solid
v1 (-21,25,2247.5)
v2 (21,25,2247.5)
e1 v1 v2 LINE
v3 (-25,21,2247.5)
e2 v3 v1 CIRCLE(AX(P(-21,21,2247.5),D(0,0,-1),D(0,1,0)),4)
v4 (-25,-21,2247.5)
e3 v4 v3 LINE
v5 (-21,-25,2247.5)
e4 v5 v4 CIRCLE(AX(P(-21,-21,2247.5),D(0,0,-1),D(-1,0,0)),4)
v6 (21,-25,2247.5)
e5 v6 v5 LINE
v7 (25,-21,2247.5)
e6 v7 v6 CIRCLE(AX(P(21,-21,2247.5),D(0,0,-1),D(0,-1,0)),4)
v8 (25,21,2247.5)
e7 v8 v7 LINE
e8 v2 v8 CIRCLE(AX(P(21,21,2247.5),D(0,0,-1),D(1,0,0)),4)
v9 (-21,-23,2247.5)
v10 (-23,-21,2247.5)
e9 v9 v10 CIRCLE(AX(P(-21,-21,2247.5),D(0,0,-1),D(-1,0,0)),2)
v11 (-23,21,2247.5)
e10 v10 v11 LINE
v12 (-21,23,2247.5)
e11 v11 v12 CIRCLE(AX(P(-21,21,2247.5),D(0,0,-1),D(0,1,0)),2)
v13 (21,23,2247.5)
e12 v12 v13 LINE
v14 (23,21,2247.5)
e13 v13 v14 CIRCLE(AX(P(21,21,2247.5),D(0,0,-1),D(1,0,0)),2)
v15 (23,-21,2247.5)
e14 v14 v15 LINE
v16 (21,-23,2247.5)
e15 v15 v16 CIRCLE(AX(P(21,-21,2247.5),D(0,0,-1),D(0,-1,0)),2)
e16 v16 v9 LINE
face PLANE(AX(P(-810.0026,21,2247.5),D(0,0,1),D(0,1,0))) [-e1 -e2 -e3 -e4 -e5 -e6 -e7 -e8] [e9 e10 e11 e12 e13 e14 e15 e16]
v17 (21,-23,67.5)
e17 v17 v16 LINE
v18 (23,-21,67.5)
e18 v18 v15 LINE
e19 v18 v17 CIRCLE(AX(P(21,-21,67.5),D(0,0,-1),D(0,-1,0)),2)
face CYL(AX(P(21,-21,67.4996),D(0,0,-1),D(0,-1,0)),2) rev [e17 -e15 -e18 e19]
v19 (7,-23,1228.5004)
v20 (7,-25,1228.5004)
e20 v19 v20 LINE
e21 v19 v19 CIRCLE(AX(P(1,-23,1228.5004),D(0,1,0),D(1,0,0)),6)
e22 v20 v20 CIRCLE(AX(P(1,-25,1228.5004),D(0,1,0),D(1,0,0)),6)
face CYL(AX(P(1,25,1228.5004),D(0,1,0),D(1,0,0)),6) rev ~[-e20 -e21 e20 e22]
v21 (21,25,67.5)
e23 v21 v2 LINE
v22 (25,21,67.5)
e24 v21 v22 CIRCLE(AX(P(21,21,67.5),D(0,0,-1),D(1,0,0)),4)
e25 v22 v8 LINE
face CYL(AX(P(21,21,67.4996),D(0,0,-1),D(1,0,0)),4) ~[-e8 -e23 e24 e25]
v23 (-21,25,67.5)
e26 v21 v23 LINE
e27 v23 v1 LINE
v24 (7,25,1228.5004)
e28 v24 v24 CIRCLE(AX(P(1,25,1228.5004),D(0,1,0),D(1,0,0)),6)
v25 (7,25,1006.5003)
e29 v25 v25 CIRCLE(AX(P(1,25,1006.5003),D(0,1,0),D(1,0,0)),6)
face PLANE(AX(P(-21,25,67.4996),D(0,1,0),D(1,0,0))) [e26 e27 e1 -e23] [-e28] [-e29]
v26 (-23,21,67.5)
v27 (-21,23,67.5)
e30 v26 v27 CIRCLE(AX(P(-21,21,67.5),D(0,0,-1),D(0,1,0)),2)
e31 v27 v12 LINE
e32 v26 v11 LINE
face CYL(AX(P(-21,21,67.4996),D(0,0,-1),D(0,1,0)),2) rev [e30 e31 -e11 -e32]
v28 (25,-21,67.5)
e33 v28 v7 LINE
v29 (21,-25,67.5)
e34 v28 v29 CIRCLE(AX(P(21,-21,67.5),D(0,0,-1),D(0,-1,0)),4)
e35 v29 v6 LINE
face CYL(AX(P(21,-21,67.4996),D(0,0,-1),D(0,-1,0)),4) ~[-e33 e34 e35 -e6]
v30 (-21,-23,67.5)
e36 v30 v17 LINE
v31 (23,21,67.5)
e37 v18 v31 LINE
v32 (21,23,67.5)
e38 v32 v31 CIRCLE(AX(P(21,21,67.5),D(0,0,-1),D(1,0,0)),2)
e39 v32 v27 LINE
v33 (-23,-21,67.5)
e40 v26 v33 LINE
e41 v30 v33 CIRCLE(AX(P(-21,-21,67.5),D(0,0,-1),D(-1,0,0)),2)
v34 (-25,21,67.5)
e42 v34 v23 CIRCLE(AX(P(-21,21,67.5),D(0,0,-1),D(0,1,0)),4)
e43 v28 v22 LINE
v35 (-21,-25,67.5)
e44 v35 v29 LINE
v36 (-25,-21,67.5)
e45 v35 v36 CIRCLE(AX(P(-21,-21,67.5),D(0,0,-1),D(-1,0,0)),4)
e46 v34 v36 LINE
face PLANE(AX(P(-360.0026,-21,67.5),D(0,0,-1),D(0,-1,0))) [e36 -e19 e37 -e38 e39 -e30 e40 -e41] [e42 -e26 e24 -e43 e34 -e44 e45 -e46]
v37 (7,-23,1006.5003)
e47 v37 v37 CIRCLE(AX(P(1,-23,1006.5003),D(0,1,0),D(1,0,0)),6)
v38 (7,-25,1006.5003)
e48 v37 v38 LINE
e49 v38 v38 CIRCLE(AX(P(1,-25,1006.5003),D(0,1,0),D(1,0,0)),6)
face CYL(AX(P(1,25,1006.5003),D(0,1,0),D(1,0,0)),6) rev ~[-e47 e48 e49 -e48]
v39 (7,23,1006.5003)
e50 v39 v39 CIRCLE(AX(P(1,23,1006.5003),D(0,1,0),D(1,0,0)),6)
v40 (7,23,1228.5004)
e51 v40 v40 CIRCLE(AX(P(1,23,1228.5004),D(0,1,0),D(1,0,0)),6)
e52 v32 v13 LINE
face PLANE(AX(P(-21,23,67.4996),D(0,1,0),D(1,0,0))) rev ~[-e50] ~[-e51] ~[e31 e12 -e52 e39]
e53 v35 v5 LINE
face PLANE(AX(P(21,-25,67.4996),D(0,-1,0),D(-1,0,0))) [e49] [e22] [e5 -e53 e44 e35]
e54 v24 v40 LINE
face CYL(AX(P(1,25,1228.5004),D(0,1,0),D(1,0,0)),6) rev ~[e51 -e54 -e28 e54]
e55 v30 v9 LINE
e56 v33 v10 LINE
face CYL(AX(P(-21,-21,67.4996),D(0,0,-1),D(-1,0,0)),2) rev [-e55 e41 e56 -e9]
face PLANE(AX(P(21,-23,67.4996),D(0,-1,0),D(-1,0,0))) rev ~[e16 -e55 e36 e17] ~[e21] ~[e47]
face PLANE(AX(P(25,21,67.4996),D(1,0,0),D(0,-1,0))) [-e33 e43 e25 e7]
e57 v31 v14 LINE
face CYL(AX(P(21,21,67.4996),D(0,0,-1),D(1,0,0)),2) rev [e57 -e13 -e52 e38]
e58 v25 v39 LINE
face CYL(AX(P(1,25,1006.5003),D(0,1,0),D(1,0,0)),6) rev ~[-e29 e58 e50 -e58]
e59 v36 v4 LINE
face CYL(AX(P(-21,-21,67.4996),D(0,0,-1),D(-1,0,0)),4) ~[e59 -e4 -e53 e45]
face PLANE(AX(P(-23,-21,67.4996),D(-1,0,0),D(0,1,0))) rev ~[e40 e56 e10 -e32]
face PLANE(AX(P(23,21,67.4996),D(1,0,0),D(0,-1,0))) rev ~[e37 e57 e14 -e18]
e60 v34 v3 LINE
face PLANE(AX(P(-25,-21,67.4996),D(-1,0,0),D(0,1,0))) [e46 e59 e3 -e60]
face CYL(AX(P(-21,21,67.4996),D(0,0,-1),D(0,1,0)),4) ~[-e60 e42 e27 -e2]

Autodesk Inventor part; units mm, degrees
ref_plane "Start Plane" through (0, 0, 67.4996) normal (0, 0, 1) x (1, 0, 0)
ref_plane "End Plane" through (0, 0, 2247.5004) normal (0, 0, 1) x (1, 0, 0)
sketch "Sketch" plane through (0, 0, 0) normal (0, 0, 1) x (1, 0, 0)
  line L0 (-25, -21) -> (-25, 21)
  line L1 (-21, 25) -> (21, 25)
  line L2 (25, 21) -> (25, -21)
  line L3 (21, -25) -> (-21, -25)
  arc A0 (-25, -21) -> (-21, -25) centre (-21, -21) ccw
  arc A1 (25, 21) -> (21, 25) centre (21, 21) ccw
  arc A2 (-21, 25) -> (-25, 21) centre (-21, 21) ccw
  arc A3 (21, -25) -> (25, -21) centre (21, -21) ccw
  arc A4 (-21, 23) -> (-23, 21) centre (-21, 21) ccw
  line L4 (-21, 23) -> (21, 23)
  arc A5 (23, 21) -> (21, 23) centre (21, 21) ccw
  line L5 (23, 21) -> (23, -21)
  arc A6 (21, -23) -> (23, -21) centre (21, -21) ccw
  line L6 (21, -23) -> (-21, -23)
  arc A7 (-23, -21) -> (-21, -23) centre (-21, -21) ccw
  line L7 (-23, -21) -> (-23, 21)
  line L8 (0, 36.1598) -> (0, -36.1598) construction
  line L9 (-36.1598, 0) -> (36.1598, 0) construction
  dimension "d7" = 4
  dimension "d9" = 50
  dimension "d11" = 50
  dimension "d12" = 2
  dimension "d15" = 25
  dimension "d16" = 25
extrude "Body" add sketch "Sketch" along normal up to surface (2180.0008 mm away) from surface at 67.4996
sketch "Sketch3" plane through (0, 0, 0) normal (0, 0, 1) x (1, 0, 0)
  line L0 (0, 0) -> (10, 0)
ref_plane "Work Plane3" through (0, 0, 0) normal (0, -1, 0) x (1, 0, 0)
sketch "Sketch4" plane through (0, 0, 0) normal (0, -1, 0) x (1, 0, 0)
  line L0 (-2, 67.4996) -> (12, 67.4996)
  line L1 (-2, 2247.5004) -> (12, 2247.5004)
  dimension "d18" = 2180.0008
ref_plane "Work Plane4" through (-360.0026, 21, 2287.5) normal (0, 0, 1) x (1, 0, 0)
split "Split1" plane through (-360.0026, 21, 2287.5) removes the side toward (0, 0, 1)
ref_plane "Work Plane5" through (-360.0026, -21, 27.5) normal (0, 0, -1) x (-1, 0, 0)
split "Split2" plane through (-360.0026, -21, 27.5) removes the side toward (0, 0, -1)
sketch "Sketch5" plane through (21, 25, 2247.5004) normal (0, 1, 0) x (1, 0, 0)
  circle A0 centre (-20, 1019) radius 6 projected
  circle A1 centre (-20, 1241.0001) radius 6 projected
  point P0 (-21, 2247.5004)
extrude "Extrusion2" cut sketch "Sketch5" against normal through all
ref_plane "Work Plane6" through (-360.0026, -21, 67.5) normal (0, 0, -1) x (-1, 0, 0)
split "Split3" plane through (-360.0026, -21, 67.5) removes the side toward (0, 0, -1)
ref_plane "Work Plane7" through (-810.0026, 21, 2247.5) normal (0, 0, 1) x (1, 0, 0)
split "Split4" plane through (-810.0026, 21, 2247.5) removes the side toward (0, 0, 1)
equation "\"d7\" = G_IR"
equation "\"d9\" = G_W"
equation "\"d11\" = G_H"
equation "\"d12\" = G_T"
equation "\"d15\" = 0.5 * d9"
equation "\"d16\" = 0.5 * d11"
equation "\"d3\" = G_L"
equation "\"G_W\" = 50"
equation "\"G_H\" = 50"
equation "\"G_T\" = 2"
equation "\"G_IR\" = 4"
equation "\"G_L\" = d18"
equation "\"G_OFFSET_START\" = -67.49959"
equation "\"G_OFFSET_END\" = -67.49962"
equation "\"d13\" = -G_OFFSET_START"
equation "\"d14\" = G_OFFSET_END + B_L"
equation "\"B_L\" = 2315"
properties part number "ISO 10799-2 - 50x50x2 - 2180" material "Steel, Galvanized"
